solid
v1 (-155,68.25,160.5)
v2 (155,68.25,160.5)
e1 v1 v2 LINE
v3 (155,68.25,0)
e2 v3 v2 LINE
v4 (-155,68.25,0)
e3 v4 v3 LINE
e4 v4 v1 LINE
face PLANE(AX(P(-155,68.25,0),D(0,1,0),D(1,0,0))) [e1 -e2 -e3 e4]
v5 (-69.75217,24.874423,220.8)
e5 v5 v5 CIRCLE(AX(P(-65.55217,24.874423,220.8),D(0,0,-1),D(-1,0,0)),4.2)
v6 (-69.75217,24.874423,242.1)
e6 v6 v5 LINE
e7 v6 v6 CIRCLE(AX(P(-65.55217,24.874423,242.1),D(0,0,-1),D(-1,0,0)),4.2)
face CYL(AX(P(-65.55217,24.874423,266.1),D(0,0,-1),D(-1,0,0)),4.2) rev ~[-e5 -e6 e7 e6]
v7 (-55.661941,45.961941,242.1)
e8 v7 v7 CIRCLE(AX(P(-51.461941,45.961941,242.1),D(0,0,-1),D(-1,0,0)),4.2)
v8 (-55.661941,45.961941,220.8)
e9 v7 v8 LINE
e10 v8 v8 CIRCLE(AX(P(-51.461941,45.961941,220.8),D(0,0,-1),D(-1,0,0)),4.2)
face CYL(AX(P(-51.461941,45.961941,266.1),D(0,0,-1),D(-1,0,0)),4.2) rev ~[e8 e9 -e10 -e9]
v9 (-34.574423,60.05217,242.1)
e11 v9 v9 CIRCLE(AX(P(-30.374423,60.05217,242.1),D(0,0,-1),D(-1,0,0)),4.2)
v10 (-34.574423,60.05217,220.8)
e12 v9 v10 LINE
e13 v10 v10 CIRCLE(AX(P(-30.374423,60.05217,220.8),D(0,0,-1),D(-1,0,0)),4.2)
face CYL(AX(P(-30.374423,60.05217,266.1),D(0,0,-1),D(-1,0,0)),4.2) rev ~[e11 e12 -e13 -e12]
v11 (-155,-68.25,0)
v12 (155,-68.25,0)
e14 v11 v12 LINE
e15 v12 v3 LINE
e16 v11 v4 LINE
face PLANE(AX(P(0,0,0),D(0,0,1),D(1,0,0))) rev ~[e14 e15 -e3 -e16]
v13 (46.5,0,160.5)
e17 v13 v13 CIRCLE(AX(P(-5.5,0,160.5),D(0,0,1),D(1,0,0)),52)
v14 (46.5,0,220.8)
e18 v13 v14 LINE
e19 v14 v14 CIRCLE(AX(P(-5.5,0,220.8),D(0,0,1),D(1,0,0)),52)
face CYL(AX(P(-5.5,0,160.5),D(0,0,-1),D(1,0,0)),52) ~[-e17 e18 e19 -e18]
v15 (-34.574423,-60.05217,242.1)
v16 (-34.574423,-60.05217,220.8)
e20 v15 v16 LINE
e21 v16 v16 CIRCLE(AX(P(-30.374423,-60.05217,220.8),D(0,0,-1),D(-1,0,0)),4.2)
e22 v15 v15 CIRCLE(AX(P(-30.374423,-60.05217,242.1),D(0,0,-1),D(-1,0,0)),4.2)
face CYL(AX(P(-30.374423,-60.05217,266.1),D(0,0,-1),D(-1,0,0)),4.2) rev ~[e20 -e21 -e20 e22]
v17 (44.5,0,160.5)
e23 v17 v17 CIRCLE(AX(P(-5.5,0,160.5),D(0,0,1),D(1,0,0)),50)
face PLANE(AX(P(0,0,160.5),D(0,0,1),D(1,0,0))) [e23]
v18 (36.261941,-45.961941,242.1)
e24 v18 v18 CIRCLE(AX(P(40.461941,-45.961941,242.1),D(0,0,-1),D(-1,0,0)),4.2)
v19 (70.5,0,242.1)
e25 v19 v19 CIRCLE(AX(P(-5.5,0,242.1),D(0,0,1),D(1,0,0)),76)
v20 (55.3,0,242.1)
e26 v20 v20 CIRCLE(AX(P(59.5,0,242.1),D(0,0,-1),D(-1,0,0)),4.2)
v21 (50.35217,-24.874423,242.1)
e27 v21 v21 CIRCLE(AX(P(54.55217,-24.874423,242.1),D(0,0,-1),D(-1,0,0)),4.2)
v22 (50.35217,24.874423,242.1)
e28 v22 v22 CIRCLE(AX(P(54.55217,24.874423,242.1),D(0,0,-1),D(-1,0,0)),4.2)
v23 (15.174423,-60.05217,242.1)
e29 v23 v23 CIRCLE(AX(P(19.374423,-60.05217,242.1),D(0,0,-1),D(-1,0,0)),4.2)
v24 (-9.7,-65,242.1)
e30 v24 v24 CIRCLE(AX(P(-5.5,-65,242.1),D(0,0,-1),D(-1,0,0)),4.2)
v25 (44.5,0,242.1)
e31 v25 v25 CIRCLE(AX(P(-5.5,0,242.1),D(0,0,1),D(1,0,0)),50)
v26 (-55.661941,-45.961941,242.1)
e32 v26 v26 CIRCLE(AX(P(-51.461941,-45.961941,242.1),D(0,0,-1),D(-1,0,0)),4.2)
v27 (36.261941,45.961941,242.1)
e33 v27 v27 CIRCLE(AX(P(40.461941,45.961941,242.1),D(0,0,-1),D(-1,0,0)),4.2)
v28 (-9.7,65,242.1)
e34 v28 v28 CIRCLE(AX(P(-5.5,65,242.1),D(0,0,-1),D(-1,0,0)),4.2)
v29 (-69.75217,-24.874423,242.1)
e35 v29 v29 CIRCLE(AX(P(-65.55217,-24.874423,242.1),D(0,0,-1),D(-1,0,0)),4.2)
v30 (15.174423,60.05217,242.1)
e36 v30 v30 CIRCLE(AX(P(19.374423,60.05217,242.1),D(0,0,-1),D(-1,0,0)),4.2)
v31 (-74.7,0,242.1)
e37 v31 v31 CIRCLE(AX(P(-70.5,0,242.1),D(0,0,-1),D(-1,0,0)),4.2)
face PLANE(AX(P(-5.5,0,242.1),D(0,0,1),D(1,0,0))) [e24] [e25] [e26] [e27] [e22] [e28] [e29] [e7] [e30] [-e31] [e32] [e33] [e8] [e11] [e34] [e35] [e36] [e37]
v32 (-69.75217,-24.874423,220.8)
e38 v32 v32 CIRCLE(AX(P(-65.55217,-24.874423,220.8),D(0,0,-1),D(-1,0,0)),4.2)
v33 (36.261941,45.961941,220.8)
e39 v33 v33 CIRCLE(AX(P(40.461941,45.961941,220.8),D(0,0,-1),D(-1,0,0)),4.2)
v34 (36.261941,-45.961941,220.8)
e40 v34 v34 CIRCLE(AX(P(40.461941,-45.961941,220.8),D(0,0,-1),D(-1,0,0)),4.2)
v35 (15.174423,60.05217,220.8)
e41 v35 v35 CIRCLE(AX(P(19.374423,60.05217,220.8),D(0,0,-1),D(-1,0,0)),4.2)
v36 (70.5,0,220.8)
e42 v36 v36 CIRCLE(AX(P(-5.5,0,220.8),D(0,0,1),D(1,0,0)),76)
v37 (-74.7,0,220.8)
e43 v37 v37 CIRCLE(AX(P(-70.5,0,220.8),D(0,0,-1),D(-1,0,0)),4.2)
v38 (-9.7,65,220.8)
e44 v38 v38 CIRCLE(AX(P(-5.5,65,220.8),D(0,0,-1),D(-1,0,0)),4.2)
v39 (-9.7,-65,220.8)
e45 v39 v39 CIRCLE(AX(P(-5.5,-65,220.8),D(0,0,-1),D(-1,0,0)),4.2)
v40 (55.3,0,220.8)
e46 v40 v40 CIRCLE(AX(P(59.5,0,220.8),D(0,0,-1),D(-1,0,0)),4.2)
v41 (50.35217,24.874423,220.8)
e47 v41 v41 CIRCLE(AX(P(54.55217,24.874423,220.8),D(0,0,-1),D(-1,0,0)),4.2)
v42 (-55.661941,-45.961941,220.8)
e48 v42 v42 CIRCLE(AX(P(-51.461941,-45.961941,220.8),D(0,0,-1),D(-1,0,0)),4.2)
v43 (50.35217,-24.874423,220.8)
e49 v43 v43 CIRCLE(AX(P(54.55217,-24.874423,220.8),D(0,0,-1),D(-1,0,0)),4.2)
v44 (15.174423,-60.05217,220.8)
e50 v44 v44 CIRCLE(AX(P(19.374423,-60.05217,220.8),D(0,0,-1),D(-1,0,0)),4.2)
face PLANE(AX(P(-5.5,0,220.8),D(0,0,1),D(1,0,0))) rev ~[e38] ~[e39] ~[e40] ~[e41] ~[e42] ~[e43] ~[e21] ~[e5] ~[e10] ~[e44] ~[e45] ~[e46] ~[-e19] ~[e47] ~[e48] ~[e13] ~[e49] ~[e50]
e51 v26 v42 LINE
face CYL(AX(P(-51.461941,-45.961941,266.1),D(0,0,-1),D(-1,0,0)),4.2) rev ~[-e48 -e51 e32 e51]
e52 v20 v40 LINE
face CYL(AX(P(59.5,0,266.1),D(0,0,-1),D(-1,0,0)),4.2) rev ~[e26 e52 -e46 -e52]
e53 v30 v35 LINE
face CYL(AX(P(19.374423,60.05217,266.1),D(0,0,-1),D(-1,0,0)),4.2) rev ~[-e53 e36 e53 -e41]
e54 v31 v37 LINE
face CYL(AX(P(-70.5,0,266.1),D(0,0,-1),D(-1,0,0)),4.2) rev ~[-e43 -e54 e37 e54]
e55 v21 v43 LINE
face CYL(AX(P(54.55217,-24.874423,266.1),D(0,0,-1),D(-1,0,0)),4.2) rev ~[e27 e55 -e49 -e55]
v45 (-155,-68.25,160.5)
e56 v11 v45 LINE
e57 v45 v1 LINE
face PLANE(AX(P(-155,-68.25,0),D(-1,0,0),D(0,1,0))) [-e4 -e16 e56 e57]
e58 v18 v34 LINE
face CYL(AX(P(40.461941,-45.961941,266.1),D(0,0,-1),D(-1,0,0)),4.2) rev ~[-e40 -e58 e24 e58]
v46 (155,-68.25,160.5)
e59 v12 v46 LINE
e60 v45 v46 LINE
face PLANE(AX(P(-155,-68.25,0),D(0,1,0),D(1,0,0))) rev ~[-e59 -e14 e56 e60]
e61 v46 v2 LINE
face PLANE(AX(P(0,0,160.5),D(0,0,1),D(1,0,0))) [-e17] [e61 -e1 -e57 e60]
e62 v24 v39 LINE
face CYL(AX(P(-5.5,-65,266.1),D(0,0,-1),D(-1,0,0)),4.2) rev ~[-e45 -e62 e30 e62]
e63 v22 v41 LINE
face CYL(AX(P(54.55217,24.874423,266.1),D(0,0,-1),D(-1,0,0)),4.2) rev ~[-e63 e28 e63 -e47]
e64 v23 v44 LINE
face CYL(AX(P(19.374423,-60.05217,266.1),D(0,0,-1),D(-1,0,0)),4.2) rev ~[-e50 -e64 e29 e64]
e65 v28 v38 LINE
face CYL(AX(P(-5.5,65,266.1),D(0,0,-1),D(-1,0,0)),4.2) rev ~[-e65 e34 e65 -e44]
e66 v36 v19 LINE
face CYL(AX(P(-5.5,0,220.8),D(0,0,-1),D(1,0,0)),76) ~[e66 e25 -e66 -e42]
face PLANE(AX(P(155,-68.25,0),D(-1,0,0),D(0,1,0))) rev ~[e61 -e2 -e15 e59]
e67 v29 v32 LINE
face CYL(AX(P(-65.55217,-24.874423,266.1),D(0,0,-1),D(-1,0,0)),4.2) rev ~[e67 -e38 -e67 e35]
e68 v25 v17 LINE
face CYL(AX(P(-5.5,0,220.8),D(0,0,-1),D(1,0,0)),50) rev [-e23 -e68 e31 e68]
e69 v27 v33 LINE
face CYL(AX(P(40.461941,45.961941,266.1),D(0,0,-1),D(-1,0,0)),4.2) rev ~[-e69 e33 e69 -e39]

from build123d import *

# Parameters (mm, degrees)
F0_W     = 310
F0_H     = 136.5
F1_DEPTH = 160.5
F2_R     = 52
F2_R_2   = 50
F3_DEPTH = 60.3
F4_R     = 76
F4_R_2   = 52
F4_R_3   = 50
F5_DEPTH = 21.3
F7_D     = 8.4
F7_DEPTH = 24
F7_TIP   = 2.5236145999


with BuildPart() as f1:
    # F0 (on Top) → F1 (new body)
    with BuildSketch(Plane.XY):
        Rectangle(F0_W, F0_H)
    extrude(amount=F1_DEPTH)

    # F2 (on face) → F3 (join)
    with BuildSketch(Plane.XY.offset(160.5)):
        with Locations((-5.5, 0)):
            Circle(F2_R)
        with Locations((-5.5, 0)):
            Circle(F2_R_2, mode=Mode.SUBTRACT)
    extrude(amount=F3_DEPTH)

    # F4 (on face) → F5 (join)
    with BuildSketch(Plane.XY.offset(220.8)):
        with Locations((-5.5, 0)):
            Circle(F4_R)
        with Locations((-5.5, 0)):
            Circle(F4_R_2, mode=Mode.SUBTRACT)
        with Locations((-5.5, 0)):
            Circle(F4_R_2)
        with Locations((-5.5, 0)):
            Circle(F4_R_3, mode=Mode.SUBTRACT)
    extrude(amount=F5_DEPTH)

    # F7
    with Locations(Plane.XY.offset(242.1)):
        with Locations((-5.5, 65), (19.3744231037, 60.0521696132), (40.4619407771, 45.9619407771), (54.5521696132, 24.8744231037), (59.5, 0), (54.5521696132, -24.8744231037), (40.4619407771, -45.9619407771), (19.3744231037, -60.0521696132), (-5.5, -65), (-30.3744231037, -60.0521696132), (-51.4619407771, -45.9619407771), (-65.5521696132, -24.8744231037), (-70.5, 0), (-65.5521696132, 24.8744231037), (-51.4619407771, 45.9619407771), (-30.3744231037, 60.0521696132)):
            Hole(F7_D / 2, depth=F7_DEPTH)
            with Locations((0, 0, -(F7_DEPTH + F7_TIP / 2))):  # 118° drill point
                Cone(0, F7_D / 2, F7_TIP, mode=Mode.SUBTRACT)


solid = f1.part
